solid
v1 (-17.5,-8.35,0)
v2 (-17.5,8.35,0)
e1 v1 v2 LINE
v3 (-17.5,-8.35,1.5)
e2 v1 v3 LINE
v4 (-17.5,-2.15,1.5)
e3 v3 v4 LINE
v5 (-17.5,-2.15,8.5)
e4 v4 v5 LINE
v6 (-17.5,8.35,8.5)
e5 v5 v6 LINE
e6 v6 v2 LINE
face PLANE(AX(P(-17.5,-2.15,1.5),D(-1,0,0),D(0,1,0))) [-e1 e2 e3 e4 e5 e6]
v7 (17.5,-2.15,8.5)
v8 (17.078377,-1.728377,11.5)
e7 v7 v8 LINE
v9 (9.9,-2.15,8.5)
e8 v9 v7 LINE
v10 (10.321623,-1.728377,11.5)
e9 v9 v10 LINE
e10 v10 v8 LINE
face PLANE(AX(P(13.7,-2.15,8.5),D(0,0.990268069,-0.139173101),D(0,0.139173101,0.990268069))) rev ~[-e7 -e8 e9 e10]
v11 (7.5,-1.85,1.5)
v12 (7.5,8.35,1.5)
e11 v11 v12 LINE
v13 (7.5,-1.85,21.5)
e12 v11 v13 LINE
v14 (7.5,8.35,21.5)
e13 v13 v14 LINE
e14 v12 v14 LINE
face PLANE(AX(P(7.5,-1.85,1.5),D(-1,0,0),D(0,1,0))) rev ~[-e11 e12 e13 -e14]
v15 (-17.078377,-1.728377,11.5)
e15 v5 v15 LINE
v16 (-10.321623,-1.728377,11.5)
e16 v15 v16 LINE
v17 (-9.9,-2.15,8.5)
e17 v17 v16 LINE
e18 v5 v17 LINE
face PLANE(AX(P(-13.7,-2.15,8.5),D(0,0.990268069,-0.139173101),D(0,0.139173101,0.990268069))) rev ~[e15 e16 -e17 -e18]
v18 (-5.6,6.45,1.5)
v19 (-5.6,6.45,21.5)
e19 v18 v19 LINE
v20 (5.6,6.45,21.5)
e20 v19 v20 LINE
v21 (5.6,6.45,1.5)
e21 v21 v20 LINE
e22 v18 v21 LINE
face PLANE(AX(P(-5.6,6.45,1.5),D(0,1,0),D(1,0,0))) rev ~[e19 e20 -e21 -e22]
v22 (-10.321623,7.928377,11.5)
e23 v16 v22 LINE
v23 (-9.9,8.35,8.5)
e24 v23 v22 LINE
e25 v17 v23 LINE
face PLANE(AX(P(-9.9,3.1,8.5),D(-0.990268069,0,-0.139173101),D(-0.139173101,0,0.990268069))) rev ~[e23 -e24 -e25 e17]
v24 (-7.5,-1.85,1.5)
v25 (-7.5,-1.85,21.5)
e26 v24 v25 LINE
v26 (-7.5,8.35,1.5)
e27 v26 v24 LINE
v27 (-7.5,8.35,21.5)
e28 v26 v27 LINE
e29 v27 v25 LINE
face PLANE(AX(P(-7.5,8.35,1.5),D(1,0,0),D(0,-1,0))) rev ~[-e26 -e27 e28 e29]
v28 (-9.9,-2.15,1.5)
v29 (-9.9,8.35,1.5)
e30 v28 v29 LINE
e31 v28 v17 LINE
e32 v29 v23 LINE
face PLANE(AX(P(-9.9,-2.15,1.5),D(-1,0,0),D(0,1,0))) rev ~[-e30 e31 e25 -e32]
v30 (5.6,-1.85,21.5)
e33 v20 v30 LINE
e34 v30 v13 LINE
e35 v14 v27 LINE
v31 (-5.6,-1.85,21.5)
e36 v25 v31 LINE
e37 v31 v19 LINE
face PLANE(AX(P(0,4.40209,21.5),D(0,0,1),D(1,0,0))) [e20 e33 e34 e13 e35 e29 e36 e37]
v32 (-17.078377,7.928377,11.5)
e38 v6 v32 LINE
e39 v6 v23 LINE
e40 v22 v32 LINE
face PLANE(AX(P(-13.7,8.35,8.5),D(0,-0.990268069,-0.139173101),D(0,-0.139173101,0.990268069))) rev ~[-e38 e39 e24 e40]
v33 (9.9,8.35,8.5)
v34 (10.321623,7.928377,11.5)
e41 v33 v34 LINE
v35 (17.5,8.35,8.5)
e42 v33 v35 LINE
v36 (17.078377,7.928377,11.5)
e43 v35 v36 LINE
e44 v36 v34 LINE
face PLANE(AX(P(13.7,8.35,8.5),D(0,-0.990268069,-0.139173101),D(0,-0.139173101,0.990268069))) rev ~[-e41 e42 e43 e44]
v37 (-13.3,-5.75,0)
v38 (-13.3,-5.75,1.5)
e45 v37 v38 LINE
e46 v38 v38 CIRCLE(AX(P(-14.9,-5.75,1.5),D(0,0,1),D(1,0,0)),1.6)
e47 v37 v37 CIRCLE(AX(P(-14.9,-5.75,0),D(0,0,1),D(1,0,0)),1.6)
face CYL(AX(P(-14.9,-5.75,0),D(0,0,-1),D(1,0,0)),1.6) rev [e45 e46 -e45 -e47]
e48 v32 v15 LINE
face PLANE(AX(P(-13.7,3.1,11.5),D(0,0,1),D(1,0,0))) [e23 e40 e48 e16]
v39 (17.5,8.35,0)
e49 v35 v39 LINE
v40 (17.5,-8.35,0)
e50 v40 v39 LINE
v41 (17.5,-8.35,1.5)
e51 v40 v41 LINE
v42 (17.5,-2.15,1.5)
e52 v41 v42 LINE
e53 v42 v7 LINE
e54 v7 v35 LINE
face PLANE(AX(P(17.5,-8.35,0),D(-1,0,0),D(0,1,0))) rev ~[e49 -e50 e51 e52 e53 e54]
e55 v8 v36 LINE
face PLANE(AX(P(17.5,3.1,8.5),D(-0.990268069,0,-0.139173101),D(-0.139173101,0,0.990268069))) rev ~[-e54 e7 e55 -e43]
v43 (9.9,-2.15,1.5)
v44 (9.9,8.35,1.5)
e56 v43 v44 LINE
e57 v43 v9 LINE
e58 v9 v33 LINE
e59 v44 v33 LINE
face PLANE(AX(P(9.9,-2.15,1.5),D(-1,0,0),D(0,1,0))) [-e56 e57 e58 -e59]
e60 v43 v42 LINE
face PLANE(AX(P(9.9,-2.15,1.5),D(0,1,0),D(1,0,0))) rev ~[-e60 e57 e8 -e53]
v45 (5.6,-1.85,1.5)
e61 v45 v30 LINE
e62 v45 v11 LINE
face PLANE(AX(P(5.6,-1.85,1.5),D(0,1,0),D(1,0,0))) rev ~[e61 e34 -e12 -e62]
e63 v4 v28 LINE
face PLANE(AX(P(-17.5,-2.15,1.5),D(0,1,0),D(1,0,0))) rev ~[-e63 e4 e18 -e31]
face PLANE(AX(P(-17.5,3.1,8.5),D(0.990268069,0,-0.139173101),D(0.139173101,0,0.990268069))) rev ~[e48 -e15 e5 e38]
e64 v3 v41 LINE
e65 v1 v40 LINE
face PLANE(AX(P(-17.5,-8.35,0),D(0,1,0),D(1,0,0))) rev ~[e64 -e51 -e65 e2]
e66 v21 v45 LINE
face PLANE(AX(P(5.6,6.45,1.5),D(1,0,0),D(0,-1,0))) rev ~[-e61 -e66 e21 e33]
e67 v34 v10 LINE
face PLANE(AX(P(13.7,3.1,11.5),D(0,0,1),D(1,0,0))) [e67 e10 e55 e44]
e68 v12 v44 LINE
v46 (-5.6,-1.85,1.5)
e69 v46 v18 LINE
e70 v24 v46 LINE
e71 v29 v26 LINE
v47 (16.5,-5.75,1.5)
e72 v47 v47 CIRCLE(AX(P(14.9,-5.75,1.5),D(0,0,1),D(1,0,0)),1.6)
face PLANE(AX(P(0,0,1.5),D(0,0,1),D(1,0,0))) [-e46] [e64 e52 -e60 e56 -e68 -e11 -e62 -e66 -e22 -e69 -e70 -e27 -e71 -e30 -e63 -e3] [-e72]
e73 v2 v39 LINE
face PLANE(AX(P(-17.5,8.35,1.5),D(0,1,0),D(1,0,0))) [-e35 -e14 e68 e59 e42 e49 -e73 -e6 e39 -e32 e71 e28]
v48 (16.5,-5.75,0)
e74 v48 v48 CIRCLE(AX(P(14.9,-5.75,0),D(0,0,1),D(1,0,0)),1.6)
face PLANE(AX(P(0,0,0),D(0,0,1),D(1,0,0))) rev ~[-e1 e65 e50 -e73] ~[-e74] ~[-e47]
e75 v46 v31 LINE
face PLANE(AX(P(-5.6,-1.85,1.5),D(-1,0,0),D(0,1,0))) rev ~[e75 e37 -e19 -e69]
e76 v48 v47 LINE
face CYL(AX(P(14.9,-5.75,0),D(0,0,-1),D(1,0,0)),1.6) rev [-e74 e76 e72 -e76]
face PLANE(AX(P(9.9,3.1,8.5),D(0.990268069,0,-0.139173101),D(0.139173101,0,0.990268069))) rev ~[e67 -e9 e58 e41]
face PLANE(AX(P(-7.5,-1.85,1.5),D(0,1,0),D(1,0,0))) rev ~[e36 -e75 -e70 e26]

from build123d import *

# Parameters (mm, degrees)
SKETCH_W     = 35
SKETCH_H     = 16.7
SKETCH_R     = 1.6
PAD_DEPTH    = 1.5
SKETCH001_W  = 7.6
SKETCH001_H  = 10.5
PAD001_DEPTH = 7
SKETCH002_W  = 7.6
SKETCH002_H  = 10.5
PAD002_DEPTH = 3
PAD002_TAPER = 8
PAD003_DEPTH = 20


with BuildPart() as part:
    # Sketch → Pad (new body)
    with BuildSketch(Plane.XY):
        Rectangle(SKETCH_W, SKETCH_H)
        with Locations((-14.9, -5.75)):
            Circle(SKETCH_R, mode=Mode.SUBTRACT)
        with Locations((14.9, -5.75)):
            Circle(SKETCH_R, mode=Mode.SUBTRACT)
    extrude(amount=PAD_DEPTH)

    # Sketch001 (on Face8 of Pad) → Pad001 (join)
    with BuildSketch(Plane.XY.offset(1.5)):
        with Locations((-13.7, 3.1)):
            Rectangle(SKETCH001_W, SKETCH001_H)
        with Locations((13.7, 3.1)):
            Rectangle(SKETCH001_W, SKETCH001_H)
    extrude(amount=PAD001_DEPTH)

    # Sketch002 (on Face17 of Pad001) → Pad002 (join)
    with BuildSketch(Plane.XY.offset(8.5)):
        with Locations((-13.7, 3.1)):
            Rectangle(SKETCH002_W, SKETCH002_H)
        with Locations((13.7, 3.1)):
            Rectangle(SKETCH002_W, SKETCH002_H)
    extrude(amount=PAD002_DEPTH, taper=PAD002_TAPER)

    # Sketch003 (on Face5 of Pad002) → Pad003 (join)
    with BuildSketch(Plane.XY.offset(1.5)):
        Polygon((-7.5, 8.35), (-7.5, -1.85), (-5.6, -1.85), (-5.6, 6.45), (5.6, 6.45), (5.6, -1.85), (7.5, -1.85), (7.5, 8.35), align=None)
    extrude(amount=PAD003_DEPTH)


solid = part.part
